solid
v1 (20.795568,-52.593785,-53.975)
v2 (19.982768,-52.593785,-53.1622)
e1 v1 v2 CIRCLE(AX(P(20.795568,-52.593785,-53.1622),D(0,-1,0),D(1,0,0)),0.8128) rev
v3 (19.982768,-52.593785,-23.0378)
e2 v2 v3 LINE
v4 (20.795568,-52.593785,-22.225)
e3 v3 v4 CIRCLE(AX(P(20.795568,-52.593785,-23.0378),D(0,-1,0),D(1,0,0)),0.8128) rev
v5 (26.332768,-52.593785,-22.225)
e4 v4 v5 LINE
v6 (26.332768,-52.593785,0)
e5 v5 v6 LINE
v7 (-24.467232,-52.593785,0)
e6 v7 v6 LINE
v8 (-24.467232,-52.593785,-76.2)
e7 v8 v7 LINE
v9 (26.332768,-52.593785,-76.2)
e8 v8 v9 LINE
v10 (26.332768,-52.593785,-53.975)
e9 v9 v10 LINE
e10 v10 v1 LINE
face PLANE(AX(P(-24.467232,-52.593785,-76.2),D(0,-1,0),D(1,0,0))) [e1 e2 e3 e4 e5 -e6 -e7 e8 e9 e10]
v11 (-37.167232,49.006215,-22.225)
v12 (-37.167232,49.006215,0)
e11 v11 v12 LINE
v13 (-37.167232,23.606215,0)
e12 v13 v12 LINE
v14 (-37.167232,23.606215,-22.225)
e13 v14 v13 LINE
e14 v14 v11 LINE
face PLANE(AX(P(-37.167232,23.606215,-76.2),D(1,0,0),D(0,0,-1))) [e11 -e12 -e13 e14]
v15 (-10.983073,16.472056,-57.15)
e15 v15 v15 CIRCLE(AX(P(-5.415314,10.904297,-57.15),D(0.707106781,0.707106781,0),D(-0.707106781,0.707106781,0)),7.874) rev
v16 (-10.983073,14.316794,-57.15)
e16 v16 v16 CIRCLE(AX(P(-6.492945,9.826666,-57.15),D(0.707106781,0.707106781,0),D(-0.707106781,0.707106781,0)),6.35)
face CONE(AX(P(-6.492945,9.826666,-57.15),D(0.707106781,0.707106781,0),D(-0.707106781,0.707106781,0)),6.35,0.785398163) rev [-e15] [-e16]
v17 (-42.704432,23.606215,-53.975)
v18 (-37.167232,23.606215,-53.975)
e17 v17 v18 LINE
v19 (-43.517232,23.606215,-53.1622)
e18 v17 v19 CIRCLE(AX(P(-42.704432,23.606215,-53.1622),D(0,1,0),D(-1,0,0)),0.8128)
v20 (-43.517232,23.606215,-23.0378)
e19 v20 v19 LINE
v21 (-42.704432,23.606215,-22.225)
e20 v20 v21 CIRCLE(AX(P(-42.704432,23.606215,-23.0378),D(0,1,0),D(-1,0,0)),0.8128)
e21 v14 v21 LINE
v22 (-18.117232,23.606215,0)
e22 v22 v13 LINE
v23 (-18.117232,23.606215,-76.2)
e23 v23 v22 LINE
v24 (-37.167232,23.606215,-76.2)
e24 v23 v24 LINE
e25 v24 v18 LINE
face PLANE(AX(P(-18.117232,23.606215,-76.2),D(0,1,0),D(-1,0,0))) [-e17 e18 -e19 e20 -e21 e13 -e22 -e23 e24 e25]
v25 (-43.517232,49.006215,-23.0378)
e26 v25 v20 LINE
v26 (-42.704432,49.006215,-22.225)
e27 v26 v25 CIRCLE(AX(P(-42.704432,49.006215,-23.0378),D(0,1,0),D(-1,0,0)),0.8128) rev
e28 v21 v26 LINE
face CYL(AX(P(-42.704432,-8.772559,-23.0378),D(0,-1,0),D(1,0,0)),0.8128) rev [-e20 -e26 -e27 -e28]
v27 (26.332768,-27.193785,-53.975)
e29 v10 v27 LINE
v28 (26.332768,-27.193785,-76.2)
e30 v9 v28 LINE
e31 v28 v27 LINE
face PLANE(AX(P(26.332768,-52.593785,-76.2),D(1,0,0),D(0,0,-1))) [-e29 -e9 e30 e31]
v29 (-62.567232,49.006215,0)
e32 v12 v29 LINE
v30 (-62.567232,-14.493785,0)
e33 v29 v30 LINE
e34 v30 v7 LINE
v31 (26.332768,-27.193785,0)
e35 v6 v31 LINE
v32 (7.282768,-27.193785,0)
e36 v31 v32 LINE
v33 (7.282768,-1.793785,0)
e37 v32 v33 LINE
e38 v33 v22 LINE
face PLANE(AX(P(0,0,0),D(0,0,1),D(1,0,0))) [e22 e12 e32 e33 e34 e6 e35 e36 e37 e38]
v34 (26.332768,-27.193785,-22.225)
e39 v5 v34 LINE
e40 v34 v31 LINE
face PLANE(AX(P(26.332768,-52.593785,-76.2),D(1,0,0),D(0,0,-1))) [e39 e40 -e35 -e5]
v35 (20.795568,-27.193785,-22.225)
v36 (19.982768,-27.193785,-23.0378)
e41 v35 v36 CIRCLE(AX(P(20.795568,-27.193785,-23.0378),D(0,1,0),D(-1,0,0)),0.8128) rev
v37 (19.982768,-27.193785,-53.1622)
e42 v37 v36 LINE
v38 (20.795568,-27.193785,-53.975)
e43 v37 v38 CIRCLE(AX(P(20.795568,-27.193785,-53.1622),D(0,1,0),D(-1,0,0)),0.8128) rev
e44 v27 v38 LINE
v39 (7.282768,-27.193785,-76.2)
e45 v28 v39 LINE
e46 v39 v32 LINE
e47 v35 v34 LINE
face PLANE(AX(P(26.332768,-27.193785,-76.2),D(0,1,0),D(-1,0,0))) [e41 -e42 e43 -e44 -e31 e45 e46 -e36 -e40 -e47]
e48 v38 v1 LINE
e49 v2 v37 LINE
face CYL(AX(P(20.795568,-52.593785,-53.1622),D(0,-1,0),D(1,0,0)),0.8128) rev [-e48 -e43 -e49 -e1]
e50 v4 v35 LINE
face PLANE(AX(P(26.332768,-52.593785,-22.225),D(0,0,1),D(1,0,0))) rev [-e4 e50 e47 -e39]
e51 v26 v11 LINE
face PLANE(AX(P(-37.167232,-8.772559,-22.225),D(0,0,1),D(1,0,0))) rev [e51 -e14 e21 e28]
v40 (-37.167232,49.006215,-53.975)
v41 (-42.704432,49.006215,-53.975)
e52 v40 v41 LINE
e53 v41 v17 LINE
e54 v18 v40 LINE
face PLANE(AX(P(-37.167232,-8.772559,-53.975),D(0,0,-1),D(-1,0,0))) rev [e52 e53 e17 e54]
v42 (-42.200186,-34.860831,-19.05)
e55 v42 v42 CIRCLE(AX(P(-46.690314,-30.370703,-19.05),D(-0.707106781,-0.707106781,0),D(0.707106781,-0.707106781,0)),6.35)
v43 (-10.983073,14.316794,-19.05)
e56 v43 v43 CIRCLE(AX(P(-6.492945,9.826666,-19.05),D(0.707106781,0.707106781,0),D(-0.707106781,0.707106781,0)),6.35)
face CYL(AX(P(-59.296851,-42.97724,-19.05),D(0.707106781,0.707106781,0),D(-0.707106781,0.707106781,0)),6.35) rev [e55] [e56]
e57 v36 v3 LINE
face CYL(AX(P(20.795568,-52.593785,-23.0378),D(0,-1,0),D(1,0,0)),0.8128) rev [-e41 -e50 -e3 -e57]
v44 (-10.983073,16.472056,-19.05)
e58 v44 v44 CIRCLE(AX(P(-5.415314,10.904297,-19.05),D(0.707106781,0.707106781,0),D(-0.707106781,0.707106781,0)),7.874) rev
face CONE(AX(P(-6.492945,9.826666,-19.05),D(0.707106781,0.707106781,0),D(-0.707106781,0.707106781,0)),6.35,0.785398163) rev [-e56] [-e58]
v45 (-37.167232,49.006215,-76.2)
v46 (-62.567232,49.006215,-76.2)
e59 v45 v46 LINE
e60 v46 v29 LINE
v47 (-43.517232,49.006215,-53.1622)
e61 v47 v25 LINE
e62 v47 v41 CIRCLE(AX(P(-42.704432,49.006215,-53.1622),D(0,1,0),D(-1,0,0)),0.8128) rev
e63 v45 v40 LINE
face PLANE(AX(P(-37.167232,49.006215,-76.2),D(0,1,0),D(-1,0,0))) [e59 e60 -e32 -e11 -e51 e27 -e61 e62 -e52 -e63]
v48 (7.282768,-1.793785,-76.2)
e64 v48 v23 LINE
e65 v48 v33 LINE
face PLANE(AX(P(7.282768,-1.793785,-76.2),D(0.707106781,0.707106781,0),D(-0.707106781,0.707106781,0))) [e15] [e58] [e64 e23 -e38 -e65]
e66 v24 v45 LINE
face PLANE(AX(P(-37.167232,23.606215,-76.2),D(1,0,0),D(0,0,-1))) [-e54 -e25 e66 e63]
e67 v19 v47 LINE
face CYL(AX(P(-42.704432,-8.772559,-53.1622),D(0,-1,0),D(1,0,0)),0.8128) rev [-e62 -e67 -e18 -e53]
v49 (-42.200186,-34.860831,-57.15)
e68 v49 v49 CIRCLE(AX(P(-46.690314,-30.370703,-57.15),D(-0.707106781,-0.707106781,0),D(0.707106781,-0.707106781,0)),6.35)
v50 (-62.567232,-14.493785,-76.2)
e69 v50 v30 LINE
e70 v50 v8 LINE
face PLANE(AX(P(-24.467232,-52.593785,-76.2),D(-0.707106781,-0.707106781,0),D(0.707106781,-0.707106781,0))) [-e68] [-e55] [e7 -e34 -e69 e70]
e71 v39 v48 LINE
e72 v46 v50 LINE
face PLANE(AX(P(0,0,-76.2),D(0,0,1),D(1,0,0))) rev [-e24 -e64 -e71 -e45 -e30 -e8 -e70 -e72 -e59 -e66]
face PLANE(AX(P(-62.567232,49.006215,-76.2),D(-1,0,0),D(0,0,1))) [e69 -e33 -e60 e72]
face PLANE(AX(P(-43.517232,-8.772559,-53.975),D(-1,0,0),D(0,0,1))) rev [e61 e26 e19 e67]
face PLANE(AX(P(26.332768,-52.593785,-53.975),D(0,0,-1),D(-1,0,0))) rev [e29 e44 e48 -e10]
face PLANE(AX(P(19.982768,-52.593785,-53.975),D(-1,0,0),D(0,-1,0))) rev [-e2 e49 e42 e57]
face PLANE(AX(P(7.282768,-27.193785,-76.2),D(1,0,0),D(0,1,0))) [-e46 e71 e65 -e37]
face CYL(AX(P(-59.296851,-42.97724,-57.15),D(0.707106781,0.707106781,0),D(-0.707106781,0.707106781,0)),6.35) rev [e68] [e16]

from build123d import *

# Parameters (mm, degrees)
BOSS_EXTRUDE1_DEPTH = 76.2
SKETCH6_W           = 6.35
SKETCH6_H           = 31.75
CUT_EXTRUDE2_DEPTH  = 25.4
FILLET2_R           = 0.8128
SKETCH7_R           = 6.35
CUT_EXTRUDE3_DEPTH  = 76.2
CHAMFER1_SIZE       = 1.524
SKETCH8_W           = 6.35
SKETCH8_H           = 31.75
CUT_EXTRUDE4_DEPTH  = 125.609544076
FILLET3_R           = 0.8128


with BuildPart() as part:
    # Sketch2 → Boss-Extrude1 (new body)
    with BuildSketch(Plane.XY):
        Polygon((-62.567231638, 49.006214689), (-62.567231638, -14.493785311), (-24.467231638, -52.593785311), (26.332768362, -52.593785311), (26.332768362, -27.193785311), (7.282768362, -27.193785311), (7.282768362, -1.793785311), (-18.117231638, 23.606214689), (-37.167231638, 23.606214689), (-37.167231638, 49.006214689), align=None)
    extrude(amount=-BOSS_EXTRUDE1_DEPTH)

    # Sketch6 → Cut-Extrude2 (cut)
    with BuildSketch(Plane(origin=(0, 49.006214689, 0), x_dir=(1, 0, 0), z_dir=(0, 1, 0))):
        with Locations((-40.342231638, 38.1)):
            Rectangle(SKETCH6_W, SKETCH6_H)
    extrude(amount=-CUT_EXTRUDE2_DEPTH, mode=Mode.SUBTRACT)

    # Fillet2
    fillet2_edges = [part.edges().sort_by_distance(p)[0] for p in [
        (-43.517231638, 36.306214689, -22.225),
        (-43.517231638, 36.306214689, -53.975),
    ]]
    fillet(fillet2_edges, radius=FILLET2_R)

    # Sketch7 → Cut-Extrude3 (cut)
    with BuildSketch(Plane(origin=(2.744491525, 2.744491525, 0), x_dir=(0, 0, -1), z_dir=(0.7071067811865436, 0.7071067811865515, 0))):
        with Locations(Location((57.15, 11.539707349, 0), (0, 0, 90))):
            Circle(SKETCH7_R)
        with Locations(Location((19.05, 11.539707349, 0), (0, 0, 90))):
            Circle(SKETCH7_R)
    extrude(amount=-CUT_EXTRUDE3_DEPTH, mode=Mode.SUBTRACT)

    # Chamfer1
    chamfer1_edges = [part.edges().sort_by_distance(p)[0] for p in [
        (-0.925185733, 6.414168784, -19.05),
        (-0.925185733, 6.414168784, -57.15),
    ]]
    chamfer(chamfer1_edges, length=CHAMFER1_SIZE)

    # Sketch8 → Cut-Extrude4 (cut, through all)
    with BuildSketch(Plane(origin=(0, -27.193785311, 0), x_dir=(1, 0, 0), z_dir=(0, 1, 0))):
        with Locations((23.157768362, 38.1)):
            Rectangle(SKETCH8_W, SKETCH8_H)
    extrude(amount=-CUT_EXTRUDE4_DEPTH, mode=Mode.SUBTRACT)

    # Fillet3
    fillet3_edges = [part.edges().sort_by_distance(p)[0] for p in [
        (19.982768362, -39.893785311, -22.225),
        (19.982768362, -39.893785311, -53.975),
    ]]
    fillet(fillet3_edges, radius=FILLET3_R)


solid = part.part
